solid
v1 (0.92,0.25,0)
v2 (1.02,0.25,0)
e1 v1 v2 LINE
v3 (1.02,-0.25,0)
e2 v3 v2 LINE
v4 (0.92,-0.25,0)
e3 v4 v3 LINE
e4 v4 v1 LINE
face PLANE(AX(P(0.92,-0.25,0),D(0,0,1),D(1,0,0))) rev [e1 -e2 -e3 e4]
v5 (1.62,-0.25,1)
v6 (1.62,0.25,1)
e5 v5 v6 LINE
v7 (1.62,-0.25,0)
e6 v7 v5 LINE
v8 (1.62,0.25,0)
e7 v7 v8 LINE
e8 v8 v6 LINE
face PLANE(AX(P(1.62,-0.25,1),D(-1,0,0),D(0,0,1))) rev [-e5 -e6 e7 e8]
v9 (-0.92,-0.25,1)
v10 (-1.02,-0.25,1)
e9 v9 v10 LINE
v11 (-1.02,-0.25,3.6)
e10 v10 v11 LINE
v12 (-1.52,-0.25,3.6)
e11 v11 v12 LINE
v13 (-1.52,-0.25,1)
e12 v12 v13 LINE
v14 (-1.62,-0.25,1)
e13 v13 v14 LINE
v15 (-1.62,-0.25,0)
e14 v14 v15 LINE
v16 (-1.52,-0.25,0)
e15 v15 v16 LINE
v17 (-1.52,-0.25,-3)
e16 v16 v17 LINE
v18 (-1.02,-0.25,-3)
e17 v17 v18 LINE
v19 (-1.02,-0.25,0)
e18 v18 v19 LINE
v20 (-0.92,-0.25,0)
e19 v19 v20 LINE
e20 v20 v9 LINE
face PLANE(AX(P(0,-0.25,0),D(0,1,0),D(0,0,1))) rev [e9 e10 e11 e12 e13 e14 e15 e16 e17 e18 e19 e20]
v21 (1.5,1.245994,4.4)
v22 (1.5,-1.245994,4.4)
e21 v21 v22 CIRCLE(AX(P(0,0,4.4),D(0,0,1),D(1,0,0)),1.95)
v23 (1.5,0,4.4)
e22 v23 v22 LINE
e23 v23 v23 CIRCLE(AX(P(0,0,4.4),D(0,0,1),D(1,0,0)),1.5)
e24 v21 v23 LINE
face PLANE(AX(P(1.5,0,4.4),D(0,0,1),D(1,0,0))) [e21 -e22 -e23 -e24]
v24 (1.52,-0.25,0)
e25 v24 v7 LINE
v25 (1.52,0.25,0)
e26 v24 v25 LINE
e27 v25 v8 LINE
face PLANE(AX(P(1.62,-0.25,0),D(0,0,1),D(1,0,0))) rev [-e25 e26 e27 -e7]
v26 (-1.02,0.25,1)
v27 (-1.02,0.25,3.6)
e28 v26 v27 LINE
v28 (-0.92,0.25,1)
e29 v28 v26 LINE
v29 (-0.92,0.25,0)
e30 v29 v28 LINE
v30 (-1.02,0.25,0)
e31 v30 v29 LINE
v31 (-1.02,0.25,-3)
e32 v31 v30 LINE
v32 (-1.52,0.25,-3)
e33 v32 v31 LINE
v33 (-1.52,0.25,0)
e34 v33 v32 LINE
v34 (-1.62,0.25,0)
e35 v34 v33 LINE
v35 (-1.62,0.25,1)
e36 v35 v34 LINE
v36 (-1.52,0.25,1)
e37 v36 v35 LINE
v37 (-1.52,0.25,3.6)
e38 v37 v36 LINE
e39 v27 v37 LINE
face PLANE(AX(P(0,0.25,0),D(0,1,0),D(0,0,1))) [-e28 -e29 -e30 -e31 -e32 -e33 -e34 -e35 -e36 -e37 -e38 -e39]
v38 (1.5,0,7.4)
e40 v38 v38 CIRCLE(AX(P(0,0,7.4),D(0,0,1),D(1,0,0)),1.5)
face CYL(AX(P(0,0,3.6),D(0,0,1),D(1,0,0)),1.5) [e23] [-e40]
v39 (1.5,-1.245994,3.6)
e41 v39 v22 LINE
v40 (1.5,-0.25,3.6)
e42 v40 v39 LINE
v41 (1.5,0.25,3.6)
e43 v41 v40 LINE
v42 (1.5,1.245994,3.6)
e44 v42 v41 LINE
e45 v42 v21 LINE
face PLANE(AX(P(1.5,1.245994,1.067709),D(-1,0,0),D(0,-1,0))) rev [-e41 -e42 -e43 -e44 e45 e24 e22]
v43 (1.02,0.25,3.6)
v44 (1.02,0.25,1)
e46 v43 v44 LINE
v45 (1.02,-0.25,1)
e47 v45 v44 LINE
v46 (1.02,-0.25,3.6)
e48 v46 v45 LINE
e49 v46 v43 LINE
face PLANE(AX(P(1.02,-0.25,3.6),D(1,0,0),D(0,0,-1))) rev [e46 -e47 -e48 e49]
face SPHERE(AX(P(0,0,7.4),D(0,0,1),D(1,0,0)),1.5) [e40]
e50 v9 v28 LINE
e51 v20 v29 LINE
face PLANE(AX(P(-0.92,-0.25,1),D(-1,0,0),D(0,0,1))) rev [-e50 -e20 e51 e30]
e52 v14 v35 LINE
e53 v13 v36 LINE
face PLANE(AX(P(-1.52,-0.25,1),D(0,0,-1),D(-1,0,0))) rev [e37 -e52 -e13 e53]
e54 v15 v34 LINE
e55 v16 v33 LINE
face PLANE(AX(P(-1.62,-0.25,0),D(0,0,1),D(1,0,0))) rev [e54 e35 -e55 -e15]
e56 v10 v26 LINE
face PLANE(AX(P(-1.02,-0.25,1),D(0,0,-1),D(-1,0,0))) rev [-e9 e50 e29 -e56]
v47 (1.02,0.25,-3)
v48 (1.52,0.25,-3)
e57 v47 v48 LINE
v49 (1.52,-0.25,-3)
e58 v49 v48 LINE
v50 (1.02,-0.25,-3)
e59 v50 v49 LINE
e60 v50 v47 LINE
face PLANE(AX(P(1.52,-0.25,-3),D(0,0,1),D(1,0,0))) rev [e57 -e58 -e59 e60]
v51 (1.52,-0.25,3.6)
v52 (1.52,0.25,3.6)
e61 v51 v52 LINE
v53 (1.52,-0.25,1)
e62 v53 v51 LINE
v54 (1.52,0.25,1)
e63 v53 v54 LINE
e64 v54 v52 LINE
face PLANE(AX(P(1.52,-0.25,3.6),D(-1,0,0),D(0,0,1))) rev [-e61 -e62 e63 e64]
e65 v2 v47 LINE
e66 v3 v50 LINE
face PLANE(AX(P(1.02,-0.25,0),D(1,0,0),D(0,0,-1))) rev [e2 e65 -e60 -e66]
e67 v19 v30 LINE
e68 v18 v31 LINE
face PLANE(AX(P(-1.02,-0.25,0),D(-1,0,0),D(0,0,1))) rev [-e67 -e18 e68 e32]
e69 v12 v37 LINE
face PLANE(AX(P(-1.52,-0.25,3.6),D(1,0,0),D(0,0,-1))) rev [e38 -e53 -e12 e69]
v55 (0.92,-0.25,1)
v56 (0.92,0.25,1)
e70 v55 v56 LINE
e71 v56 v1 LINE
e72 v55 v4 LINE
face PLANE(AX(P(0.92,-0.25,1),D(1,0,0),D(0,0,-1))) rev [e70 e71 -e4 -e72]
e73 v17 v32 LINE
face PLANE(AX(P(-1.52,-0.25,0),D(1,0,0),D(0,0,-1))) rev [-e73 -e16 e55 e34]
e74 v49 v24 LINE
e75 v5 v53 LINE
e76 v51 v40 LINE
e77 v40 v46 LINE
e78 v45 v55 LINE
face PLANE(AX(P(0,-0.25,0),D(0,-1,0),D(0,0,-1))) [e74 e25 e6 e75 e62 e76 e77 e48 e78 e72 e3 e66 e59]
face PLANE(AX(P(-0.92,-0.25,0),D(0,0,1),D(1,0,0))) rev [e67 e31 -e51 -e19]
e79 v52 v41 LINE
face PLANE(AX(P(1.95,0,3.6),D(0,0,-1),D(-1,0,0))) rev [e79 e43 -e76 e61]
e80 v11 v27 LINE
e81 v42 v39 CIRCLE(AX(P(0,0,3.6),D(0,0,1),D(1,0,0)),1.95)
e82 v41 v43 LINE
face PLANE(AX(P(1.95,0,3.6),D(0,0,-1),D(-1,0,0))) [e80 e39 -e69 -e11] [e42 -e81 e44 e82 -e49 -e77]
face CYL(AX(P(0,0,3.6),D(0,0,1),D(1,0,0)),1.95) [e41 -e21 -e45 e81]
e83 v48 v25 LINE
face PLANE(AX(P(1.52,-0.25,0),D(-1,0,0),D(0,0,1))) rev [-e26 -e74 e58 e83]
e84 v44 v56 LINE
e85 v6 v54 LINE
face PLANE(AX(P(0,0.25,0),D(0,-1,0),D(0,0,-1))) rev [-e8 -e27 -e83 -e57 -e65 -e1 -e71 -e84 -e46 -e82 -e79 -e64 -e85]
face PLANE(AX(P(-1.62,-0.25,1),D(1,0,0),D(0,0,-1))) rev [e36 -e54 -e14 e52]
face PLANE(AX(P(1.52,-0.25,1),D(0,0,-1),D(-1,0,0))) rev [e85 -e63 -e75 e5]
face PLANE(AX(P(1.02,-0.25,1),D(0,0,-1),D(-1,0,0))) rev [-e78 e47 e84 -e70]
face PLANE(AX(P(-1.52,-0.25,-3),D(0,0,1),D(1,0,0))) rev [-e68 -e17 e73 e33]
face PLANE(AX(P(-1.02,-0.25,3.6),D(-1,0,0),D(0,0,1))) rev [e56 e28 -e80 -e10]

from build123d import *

# Parameters (mm, degrees)
EXTRUDE_1_DEPTH     = 0.25
EXTRUDE_1_2_DEPTH   = 0.25
CUT_EXTRUDE_START   = -0.8
CUT_EXTRUDE_1_DEPTH = 0.8


with BuildPart() as part:
    # Эскиз1 → Бобышка-Вытянуть1 (new, symmetric)
    with BuildSketch(Plane.XZ):
        Polygon((-1.52, 3.6), (-1.52, 1), (-1.62, 1), (-1.62, 0), (-1.52, 0), (-1.52, -3), (-1.02, -3), (-1.02, 0), (-0.92, 0), (-0.92, 1), (-1.02, 1), (-1.02, 3.6), align=None)
    extrude(amount=EXTRUDE_1_DEPTH, both=True)



with BuildPart() as body_2:
    # Эскиз1 → Extrude 1 2 (new, symmetric)
    with BuildSketch(Plane.XZ):
        Polygon((1.02, 3.6), (1.02, 1), (0.92, 1), (0.92, 0), (1.02, 0), (1.02, -3), (1.52, -3), (1.52, 0), (1.62, 0), (1.62, 1), (1.52, 1), (1.52, 3.6), align=None)
    extrude(amount=EXTRUDE_1_2_DEPTH, both=True)


with BuildPart() as part_1:
    add(part.part)

    add(body_2.part)  # Повернуть1 merges body 2
    # Эскиз2 → Повернуть1 (revolve)
    with BuildSketch(Plane(origin=(0, 0, 0), x_dir=(1, 0, 0), z_dir=(0, 1, 0))):
        with BuildLine():
            Line((0, -3.6), (0, -8.9))
            ThreePointArc((0, -8.9), (1.060660172, -8.460660172), (1.5, -7.4))
            Line((1.5, -7.4), (1.5, -4.4))
            Line((1.5, -4.4), (1.95, -4.4))
            Line((1.95, -4.4), (1.95, -3.6))
            Line((1.95, -3.6), (0, -3.6))
        make_face()
    revolve(axis=Axis((0, 0, 3.6), (0, 0, -1)))

    # Эскиз3 → Вырез-Вытянуть1 (cut)
    with BuildSketch(Plane.XY.offset(4.4).offset(CUT_EXTRUDE_START)):
        with BuildLine():
            Line((1.5, 1.245993579), (1.5, -1.245993579))
            ThreePointArc((1.5, -1.245993579), (1.95, 0), (1.5, 1.245993579))
        make_face()
    extrude(amount=CUT_EXTRUDE_1_DEPTH, mode=Mode.SUBTRACT)


solid = part_1.part
